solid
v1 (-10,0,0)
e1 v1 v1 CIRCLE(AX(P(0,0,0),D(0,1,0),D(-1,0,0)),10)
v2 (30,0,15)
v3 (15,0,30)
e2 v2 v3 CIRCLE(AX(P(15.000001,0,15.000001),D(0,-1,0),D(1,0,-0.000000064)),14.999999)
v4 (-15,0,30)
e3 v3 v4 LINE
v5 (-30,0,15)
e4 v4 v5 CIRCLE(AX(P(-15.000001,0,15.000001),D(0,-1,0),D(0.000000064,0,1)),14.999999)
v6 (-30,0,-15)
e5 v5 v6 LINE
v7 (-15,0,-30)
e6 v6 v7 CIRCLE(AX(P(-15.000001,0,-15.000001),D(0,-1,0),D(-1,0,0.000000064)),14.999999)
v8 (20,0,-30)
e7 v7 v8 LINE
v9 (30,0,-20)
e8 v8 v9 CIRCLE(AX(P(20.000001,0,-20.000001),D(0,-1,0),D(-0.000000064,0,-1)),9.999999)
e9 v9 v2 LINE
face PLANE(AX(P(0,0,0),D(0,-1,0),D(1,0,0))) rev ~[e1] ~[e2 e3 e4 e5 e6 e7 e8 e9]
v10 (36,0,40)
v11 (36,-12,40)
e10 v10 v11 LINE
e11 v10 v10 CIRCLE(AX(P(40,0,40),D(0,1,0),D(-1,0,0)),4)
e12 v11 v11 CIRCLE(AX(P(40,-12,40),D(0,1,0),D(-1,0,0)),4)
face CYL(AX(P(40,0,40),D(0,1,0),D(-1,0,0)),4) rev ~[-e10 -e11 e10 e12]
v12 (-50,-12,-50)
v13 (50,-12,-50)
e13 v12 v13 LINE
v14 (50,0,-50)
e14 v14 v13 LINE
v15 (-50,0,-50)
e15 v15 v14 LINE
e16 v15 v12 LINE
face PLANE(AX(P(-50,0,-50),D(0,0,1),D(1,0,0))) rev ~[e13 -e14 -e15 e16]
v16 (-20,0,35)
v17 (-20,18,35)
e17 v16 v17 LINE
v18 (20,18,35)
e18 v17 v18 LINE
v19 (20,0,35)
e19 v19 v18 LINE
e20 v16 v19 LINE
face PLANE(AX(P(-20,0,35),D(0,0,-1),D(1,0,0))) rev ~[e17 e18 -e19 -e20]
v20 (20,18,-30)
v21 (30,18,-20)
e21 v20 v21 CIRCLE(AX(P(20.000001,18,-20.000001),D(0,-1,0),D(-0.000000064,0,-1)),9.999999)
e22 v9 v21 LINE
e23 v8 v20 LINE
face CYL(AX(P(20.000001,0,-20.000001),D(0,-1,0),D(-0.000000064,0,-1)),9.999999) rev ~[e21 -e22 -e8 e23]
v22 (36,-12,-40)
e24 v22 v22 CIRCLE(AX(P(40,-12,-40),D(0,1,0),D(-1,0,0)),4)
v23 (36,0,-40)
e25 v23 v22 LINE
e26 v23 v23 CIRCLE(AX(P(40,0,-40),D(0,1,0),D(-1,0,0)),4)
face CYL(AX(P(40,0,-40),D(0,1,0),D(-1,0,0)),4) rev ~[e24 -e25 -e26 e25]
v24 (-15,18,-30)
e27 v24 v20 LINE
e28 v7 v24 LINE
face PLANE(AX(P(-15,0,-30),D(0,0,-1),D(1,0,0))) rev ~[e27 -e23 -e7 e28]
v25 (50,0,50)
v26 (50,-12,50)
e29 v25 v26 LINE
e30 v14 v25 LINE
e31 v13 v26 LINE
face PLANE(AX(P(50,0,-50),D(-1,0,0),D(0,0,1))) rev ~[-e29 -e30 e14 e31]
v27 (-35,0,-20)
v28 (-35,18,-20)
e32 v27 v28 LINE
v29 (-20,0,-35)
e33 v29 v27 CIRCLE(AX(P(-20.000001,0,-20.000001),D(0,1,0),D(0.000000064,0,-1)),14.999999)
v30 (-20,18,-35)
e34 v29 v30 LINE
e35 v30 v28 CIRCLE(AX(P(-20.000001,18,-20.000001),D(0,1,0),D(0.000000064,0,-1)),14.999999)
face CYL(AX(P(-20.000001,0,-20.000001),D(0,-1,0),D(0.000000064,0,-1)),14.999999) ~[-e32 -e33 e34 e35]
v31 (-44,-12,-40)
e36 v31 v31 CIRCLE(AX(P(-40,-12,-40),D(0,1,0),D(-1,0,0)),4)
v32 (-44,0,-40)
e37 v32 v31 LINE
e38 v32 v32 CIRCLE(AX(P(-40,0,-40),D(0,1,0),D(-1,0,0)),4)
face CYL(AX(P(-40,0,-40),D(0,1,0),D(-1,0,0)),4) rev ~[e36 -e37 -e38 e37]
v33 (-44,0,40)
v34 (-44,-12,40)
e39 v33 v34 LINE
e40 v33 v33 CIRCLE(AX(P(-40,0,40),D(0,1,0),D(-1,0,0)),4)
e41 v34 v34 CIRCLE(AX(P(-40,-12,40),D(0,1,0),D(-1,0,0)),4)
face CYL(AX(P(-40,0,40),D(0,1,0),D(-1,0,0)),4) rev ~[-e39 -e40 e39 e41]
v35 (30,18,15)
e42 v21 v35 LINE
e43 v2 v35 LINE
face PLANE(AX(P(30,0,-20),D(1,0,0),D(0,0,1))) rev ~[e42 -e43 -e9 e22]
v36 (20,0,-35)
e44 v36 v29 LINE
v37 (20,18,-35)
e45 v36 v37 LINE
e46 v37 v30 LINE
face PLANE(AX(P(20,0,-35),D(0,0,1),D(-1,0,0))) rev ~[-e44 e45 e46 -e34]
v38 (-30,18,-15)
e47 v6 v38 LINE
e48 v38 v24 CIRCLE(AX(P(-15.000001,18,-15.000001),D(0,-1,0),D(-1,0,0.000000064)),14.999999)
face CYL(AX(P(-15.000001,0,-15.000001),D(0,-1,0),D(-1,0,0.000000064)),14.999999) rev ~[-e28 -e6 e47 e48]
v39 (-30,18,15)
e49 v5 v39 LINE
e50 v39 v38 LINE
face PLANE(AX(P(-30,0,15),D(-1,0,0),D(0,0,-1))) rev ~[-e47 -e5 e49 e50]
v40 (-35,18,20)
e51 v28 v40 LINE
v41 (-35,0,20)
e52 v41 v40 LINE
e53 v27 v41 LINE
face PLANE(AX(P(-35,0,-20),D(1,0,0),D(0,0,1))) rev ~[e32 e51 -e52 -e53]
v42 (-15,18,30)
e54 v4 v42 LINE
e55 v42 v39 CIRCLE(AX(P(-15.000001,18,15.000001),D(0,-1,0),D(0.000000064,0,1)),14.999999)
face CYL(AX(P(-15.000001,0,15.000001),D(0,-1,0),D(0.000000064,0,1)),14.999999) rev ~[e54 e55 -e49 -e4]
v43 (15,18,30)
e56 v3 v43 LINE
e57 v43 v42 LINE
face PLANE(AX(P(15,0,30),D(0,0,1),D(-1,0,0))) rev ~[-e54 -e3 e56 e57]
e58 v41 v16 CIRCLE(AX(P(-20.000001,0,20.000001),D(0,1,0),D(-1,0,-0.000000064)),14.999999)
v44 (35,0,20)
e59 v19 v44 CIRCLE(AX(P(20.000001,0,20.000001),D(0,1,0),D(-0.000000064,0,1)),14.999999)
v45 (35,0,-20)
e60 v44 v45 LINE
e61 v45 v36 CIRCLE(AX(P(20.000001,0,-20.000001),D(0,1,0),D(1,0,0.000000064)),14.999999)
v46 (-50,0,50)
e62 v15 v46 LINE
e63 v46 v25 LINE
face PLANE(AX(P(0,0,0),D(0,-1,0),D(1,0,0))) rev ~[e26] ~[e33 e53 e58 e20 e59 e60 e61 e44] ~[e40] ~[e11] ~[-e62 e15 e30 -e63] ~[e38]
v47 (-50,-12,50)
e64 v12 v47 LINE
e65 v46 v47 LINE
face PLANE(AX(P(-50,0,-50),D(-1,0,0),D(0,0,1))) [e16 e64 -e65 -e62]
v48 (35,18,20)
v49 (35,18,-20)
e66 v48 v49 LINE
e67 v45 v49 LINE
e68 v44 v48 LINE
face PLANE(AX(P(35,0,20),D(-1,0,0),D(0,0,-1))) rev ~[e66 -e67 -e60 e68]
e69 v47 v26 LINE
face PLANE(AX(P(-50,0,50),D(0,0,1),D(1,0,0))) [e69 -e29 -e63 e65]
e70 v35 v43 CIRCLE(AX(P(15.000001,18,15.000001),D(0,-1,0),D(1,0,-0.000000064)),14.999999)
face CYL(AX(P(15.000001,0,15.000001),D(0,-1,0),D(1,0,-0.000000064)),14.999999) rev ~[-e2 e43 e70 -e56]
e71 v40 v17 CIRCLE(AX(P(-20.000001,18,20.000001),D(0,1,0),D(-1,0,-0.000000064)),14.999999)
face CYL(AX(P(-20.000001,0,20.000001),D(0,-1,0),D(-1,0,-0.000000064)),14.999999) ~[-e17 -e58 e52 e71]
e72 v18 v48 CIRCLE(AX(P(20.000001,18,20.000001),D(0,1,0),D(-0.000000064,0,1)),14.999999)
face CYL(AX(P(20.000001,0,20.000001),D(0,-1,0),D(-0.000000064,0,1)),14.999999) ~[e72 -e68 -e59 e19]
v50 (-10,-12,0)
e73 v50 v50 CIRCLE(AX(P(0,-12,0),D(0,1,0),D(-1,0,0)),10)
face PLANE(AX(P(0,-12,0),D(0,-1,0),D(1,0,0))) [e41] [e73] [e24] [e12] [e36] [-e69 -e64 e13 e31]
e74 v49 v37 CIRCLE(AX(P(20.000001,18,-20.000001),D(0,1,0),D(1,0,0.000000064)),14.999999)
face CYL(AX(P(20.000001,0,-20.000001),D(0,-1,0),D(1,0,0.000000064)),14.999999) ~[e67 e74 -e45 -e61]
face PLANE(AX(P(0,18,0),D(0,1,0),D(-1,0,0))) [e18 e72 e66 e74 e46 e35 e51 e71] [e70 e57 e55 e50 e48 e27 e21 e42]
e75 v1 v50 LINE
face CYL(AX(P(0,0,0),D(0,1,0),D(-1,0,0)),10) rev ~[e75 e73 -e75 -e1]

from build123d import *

# Parameters (mm, degrees)
F0_W     = 100
F0_H     = 100
F1_DEPTH = 12
F2_R     = 4
F2_R_2   = 10
F3_DEPTH = 12
F5_DEPTH = 18


with BuildPart() as f1:
    # F0 (on Front) → F1 (new body)
    with BuildSketch(Plane.XZ):
        Rectangle(F0_W, F0_H)
    extrude(amount=F1_DEPTH)

    # F2 (on face) → F3 (cut)
    with BuildSketch(Plane(origin=(0, 0, 0), x_dir=(-1, 0, 0), z_dir=(0, 1, 0))):
        with Locations((-40, -40)):
            Circle(F2_R)
        with Locations((-40, 40)):
            Circle(F2_R)
        with Locations((40, -40)):
            Circle(F2_R)
        with Locations((40, 40)):
            Circle(F2_R)
        Circle(F2_R_2)
    extrude(amount=-F3_DEPTH, mode=Mode.SUBTRACT)

    # F4 (on face) → F5 (join)
    with BuildSketch(Plane(origin=(0, 0, 0), x_dir=(-1, 0, 0), z_dir=(0, 1, 0))):
        with BuildLine():
            ThreePointArc((-35, -20), (-30.606602, -30.606602), (-20, -35))
            Line((-20, -35), (20, -35))
            ThreePointArc((20, -35), (30.606602, -30.606602), (35, -20))
            Line((35, -20), (35, 20))
            ThreePointArc((35, 20), (30.606602, 30.606602), (20, 35))
            Line((20, 35), (-20, 35))
            ThreePointArc((-20, 35), (-30.606602, 30.606602), (-35, 20))
            Line((-35, 20), (-35, -20))
        make_face()
        with BuildLine():
            Line((15, -30), (-20, -30))
            ThreePointArc((-20, -30), (-27.071068, -27.071068), (-30, -20))
            Line((-30, -20), (-30, 15))
            ThreePointArc((-30, 15), (-25.606602, 25.606602), (-15, 30))
            Line((-15, 30), (15, 30))
            ThreePointArc((15, 30), (25.606602, 25.606602), (30, 15))
            Line((30, 15), (30, -15))
            ThreePointArc((30, -15), (25.606602, -25.606602), (15, -30))
        make_face(mode=Mode.SUBTRACT)
    extrude(amount=F5_DEPTH)


solid = f1.part
